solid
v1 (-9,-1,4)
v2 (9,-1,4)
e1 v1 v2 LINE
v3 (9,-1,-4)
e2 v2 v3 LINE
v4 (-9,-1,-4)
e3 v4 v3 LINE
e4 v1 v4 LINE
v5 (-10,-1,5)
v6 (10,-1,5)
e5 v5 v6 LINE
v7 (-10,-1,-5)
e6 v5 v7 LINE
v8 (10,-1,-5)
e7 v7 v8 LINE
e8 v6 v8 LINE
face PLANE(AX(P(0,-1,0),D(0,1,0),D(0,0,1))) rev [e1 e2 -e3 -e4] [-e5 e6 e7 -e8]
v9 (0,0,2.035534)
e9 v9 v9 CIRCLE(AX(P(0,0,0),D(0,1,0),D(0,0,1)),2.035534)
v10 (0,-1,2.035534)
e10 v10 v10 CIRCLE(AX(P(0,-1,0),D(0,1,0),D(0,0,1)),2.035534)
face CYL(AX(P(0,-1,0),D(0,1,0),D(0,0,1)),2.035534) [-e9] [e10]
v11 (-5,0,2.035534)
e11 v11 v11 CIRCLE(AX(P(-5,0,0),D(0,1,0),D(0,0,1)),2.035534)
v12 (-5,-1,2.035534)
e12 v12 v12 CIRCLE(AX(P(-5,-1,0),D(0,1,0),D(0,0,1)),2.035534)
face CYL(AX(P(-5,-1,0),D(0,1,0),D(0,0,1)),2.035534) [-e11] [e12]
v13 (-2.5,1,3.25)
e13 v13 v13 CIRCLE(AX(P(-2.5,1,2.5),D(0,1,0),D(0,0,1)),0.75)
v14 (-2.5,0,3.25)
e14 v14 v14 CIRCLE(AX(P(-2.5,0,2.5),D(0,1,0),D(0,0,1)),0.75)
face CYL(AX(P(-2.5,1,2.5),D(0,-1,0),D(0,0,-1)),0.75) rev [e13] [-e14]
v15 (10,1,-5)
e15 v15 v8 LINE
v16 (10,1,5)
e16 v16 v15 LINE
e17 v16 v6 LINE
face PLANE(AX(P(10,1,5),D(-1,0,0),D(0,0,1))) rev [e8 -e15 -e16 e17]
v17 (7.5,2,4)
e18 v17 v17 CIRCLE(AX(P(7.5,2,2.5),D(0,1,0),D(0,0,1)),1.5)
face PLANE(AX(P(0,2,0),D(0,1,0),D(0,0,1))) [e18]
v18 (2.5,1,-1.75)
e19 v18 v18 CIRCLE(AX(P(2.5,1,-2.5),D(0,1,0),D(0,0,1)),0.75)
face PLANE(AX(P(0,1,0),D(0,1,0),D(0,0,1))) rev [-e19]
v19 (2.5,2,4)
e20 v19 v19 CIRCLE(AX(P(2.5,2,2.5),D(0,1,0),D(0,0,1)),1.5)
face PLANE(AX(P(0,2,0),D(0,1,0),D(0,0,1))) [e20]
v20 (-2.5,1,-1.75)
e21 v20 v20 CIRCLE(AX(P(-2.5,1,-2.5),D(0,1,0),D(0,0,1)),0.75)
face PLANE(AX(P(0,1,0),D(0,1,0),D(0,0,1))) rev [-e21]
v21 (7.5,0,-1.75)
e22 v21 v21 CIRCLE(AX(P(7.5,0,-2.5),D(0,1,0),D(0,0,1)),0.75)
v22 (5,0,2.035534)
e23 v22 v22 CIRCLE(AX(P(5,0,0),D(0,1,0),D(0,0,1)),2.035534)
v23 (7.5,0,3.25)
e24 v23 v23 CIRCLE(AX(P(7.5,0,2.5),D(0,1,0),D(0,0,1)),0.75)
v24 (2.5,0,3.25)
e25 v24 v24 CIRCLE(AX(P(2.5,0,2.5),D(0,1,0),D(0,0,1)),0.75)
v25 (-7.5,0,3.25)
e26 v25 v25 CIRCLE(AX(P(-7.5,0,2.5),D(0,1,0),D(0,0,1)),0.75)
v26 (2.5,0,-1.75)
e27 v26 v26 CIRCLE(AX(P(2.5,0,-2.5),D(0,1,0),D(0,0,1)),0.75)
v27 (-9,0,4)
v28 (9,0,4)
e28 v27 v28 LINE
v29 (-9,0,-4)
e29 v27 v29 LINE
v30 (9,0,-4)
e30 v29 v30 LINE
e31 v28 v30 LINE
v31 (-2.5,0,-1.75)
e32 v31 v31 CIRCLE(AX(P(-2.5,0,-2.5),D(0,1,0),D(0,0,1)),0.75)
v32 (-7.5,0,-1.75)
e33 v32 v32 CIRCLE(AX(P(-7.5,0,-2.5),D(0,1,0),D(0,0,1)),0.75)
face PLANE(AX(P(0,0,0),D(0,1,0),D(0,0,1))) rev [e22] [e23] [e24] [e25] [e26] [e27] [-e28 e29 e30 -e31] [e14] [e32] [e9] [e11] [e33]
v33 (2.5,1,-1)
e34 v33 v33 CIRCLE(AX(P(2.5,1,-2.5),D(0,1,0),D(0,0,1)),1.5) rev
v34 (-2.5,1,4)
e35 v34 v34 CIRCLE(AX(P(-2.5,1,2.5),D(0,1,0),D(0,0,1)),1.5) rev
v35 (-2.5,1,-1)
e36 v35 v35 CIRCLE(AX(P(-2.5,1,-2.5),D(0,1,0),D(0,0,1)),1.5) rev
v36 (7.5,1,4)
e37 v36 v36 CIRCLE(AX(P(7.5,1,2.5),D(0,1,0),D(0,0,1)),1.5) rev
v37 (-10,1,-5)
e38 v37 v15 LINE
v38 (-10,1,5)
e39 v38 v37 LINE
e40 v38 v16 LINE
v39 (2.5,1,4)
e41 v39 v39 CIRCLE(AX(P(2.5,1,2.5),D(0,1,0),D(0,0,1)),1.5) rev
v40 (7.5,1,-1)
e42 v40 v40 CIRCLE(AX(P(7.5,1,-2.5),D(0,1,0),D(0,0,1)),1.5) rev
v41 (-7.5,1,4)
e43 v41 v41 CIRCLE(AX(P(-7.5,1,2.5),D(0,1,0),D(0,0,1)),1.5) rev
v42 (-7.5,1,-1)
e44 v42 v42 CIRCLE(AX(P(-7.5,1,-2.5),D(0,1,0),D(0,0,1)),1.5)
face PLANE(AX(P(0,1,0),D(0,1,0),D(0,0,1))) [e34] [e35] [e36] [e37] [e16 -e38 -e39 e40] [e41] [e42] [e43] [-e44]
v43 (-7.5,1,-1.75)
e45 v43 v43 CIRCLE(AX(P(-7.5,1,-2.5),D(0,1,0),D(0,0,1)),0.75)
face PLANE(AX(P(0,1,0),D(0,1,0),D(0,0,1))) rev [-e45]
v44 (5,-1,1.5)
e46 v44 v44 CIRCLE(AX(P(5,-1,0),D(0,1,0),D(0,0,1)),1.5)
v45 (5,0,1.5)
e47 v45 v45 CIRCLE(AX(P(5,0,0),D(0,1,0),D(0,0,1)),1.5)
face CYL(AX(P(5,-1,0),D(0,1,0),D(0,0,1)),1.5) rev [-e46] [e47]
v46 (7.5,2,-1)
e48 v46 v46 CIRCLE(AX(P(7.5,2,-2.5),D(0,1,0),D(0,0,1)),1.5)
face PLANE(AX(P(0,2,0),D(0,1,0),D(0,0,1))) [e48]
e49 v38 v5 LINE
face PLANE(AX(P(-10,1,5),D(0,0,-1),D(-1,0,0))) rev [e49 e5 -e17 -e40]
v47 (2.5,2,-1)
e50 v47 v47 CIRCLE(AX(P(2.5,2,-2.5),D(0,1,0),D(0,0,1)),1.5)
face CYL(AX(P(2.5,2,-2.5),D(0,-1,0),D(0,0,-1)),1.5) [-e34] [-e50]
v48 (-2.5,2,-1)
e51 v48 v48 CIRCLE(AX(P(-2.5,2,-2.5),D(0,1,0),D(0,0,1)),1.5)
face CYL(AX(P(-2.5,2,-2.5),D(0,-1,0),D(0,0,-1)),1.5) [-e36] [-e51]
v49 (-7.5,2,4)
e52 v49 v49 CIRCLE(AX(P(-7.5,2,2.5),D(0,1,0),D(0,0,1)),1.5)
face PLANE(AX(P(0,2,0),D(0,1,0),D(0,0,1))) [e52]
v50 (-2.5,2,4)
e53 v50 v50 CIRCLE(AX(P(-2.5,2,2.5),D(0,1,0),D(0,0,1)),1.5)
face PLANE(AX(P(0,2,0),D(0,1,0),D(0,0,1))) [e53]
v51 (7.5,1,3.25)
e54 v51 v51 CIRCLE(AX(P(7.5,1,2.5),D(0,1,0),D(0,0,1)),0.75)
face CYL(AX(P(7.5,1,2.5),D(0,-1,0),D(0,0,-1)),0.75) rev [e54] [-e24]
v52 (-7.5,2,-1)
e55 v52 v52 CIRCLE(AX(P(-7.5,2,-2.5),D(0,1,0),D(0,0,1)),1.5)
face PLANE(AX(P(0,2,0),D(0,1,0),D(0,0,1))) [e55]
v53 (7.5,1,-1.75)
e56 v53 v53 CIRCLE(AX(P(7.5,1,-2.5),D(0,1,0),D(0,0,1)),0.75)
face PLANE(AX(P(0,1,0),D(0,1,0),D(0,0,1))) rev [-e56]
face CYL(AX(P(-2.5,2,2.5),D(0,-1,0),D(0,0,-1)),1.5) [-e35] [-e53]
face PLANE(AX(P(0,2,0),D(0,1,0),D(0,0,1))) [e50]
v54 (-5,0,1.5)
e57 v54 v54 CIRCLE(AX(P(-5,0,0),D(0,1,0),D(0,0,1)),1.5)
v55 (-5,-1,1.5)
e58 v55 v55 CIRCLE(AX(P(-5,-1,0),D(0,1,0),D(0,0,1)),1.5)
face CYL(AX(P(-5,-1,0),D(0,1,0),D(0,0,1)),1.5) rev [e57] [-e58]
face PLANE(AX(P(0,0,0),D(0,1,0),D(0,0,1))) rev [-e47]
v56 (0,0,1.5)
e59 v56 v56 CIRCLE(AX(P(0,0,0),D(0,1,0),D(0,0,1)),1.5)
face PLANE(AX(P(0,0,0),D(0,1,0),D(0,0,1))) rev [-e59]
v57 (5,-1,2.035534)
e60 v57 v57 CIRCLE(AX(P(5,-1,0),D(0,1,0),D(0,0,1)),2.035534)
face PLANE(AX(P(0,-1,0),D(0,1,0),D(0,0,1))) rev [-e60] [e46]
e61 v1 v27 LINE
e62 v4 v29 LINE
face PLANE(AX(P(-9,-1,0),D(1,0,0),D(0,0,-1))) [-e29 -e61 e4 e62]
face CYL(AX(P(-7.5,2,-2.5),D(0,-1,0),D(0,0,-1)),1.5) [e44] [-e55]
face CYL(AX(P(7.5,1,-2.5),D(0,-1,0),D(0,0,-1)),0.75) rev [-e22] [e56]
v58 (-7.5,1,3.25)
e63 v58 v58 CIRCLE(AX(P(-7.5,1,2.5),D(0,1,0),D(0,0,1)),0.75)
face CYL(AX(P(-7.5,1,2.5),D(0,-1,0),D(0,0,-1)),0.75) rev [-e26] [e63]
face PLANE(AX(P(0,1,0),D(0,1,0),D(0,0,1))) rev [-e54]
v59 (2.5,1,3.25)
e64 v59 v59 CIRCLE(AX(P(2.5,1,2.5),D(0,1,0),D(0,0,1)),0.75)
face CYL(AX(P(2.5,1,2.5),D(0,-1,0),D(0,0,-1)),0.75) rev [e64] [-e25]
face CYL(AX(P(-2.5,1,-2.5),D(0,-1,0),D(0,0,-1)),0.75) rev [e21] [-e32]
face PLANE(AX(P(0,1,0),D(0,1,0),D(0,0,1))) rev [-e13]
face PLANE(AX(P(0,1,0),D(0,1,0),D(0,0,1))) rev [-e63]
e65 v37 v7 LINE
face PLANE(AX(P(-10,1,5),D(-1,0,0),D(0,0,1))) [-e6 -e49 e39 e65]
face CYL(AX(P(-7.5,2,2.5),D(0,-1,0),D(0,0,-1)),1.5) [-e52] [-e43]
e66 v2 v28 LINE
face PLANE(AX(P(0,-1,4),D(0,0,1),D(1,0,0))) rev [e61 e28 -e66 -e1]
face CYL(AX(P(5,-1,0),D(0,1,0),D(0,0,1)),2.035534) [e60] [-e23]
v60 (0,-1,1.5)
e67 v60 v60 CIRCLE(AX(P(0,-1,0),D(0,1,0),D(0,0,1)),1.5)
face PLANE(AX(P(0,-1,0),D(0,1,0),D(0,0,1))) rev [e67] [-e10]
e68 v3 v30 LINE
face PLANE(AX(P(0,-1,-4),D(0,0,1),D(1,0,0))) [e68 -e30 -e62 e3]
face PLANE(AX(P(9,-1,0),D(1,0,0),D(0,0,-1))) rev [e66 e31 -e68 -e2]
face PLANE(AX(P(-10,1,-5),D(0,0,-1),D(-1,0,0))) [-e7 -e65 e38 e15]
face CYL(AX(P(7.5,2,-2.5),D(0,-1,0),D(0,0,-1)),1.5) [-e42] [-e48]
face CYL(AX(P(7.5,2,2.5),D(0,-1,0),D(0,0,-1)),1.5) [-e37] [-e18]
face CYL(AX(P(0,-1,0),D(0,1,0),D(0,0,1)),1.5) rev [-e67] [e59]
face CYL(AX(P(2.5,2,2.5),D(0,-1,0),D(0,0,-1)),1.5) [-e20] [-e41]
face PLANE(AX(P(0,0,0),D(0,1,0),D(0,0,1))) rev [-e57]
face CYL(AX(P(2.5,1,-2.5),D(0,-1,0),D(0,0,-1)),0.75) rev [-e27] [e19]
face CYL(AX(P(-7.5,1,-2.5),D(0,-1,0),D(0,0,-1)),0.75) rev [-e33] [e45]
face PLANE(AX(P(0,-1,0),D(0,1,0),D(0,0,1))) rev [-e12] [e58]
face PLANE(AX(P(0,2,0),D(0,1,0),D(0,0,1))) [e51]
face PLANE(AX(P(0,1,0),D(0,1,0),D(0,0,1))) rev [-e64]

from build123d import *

# Parameters (mm, degrees)
SKETCH1_R             = 1.5
BOSS_EXTRUDE1_DEPTH   = 2
BOSS_EXTRUDE1_2_DEPTH = 2
BOSS_EXTRUDE1_3_DEPTH = 2
BOSS_EXTRUDE1_4_DEPTH = 2
BOSS_EXTRUDE1_5_DEPTH = 2
BOSS_EXTRUDE1_6_DEPTH = 2
BOSS_EXTRUDE1_7_DEPTH = 2
BOSS_EXTRUDE1_8_DEPTH = 2
SKETCH1_3_W           = 20
SKETCH1_3_H           = 10
BOSS_EXTRUDE2_DEPTH   = 1
SKETCH1_4_R           = 0.75
CUT_EXTRUDE1_DEPTH    = 1
SKETCH1_5_W           = 20
SKETCH1_5_H           = 10
SKETCH1_5_W_2         = 18
SKETCH1_5_H_2         = 8
SKETCH1_5_R           = 2.035533906
SKETCH1_5_R_2         = 1.5
BOSS_EXTRUDE3_DEPTH   = 1


with BuildPart() as part:
    # Sketch1 → Boss-Extrude1 (new body)
    with BuildSketch(Plane(origin=(0, 0, 0), x_dir=(1, 0, 0), z_dir=(0, 1, 0))):
        with Locations((-7.5, -2.5)):
            Circle(SKETCH1_R)
    extrude(amount=BOSS_EXTRUDE1_DEPTH)



with BuildPart() as body_2:
    # Sketch1 → Boss-Extrude1 2 (new body)
    with BuildSketch(Plane(origin=(0, 0, 0), x_dir=(1, 0, 0), z_dir=(0, 1, 0))):
        with Locations((-2.5, -2.5)):
            Circle(SKETCH1_R)
    extrude(amount=BOSS_EXTRUDE1_2_DEPTH)


with BuildPart() as body_3:
    # Sketch1 → Boss-Extrude1 3 (new body)
    with BuildSketch(Plane(origin=(0, 0, 0), x_dir=(1, 0, 0), z_dir=(0, 1, 0))):
        with Locations((-7.5, 2.5)):
            Circle(SKETCH1_R)
    extrude(amount=BOSS_EXTRUDE1_3_DEPTH)


with BuildPart() as body_4:
    # Sketch1 → Boss-Extrude1 4 (new body)
    with BuildSketch(Plane(origin=(0, 0, 0), x_dir=(1, 0, 0), z_dir=(0, 1, 0))):
        with Locations((2.5, -2.5)):
            Circle(SKETCH1_R)
    extrude(amount=BOSS_EXTRUDE1_4_DEPTH)


with BuildPart() as body_5:
    # Sketch1 → Boss-Extrude1 5 (new body)
    with BuildSketch(Plane(origin=(0, 0, 0), x_dir=(1, 0, 0), z_dir=(0, 1, 0))):
        with Locations((7.5, -2.5)):
            Circle(SKETCH1_R)
    extrude(amount=BOSS_EXTRUDE1_5_DEPTH)


with BuildPart() as body_6:
    # Sketch1 → Boss-Extrude1 6 (new body)
    with BuildSketch(Plane(origin=(0, 0, 0), x_dir=(1, 0, 0), z_dir=(0, 1, 0))):
        with Locations((-2.5, 2.5)):
            Circle(SKETCH1_R)
    extrude(amount=BOSS_EXTRUDE1_6_DEPTH)


with BuildPart() as body_7:
    # Sketch1 → Boss-Extrude1 7 (new body)
    with BuildSketch(Plane(origin=(0, 0, 0), x_dir=(1, 0, 0), z_dir=(0, 1, 0))):
        with Locations((2.5, 2.5)):
            Circle(SKETCH1_R)
    extrude(amount=BOSS_EXTRUDE1_7_DEPTH)


with BuildPart() as body_8:
    # Sketch1 → Boss-Extrude1 8 (new body)
    with BuildSketch(Plane(origin=(0, 0, 0), x_dir=(1, 0, 0), z_dir=(0, 1, 0))):
        with Locations((7.5, 2.5)):
            Circle(SKETCH1_R)
    extrude(amount=BOSS_EXTRUDE1_8_DEPTH)


with BuildPart() as part_1:
    add(part.part)

    add(body_2.part)  # Boss-Extrude2 merges body 2

    add(body_3.part)  # Boss-Extrude2 merges body 3

    add(body_4.part)  # Boss-Extrude2 merges body 4

    add(body_5.part)  # Boss-Extrude2 merges body 5

    add(body_6.part)  # Boss-Extrude2 merges body 6

    add(body_7.part)  # Boss-Extrude2 merges body 7

    add(body_8.part)  # Boss-Extrude2 merges body 8
    # Sketch1<3> → Boss-Extrude2 (add)
    with BuildSketch(Plane(origin=(0, 0, 0), x_dir=(1, 0, 0), z_dir=(0, 1, 0))):
        Rectangle(SKETCH1_3_W, SKETCH1_3_H)
    extrude(amount=BOSS_EXTRUDE2_DEPTH)

    # Sketch1<4> → Cut-Extrude1 (cut)
    with BuildSketch(Plane(origin=(0, 0, 0), x_dir=(1, 0, 0), z_dir=(0, 1, 0))):
        with Locations((-7.5, 2.5)):
            Circle(SKETCH1_4_R)
        with Locations((-2.5, 2.5)):
            Circle(SKETCH1_4_R)
        with Locations((2.5, 2.5)):
            Circle(SKETCH1_4_R)
        with Locations((7.5, 2.5)):
            Circle(SKETCH1_4_R)
        with Locations((-2.5, -2.5)):
            Circle(SKETCH1_4_R)
        with Locations((2.5, -2.5)):
            Circle(SKETCH1_4_R)
        with Locations((7.5, -2.5)):
            Circle(SKETCH1_4_R)
        with Locations((-7.5, -2.5)):
            Circle(SKETCH1_4_R)
    extrude(amount=CUT_EXTRUDE1_DEPTH, mode=Mode.SUBTRACT)

    # Sketch1<5> → Boss-Extrude3 (add)
    # profile 1 of 4: a face of its own
    with BuildSketch(Plane(origin=(0, 0, 0), x_dir=(1, 0, 0), z_dir=(0, 1, 0))):
        Rectangle(SKETCH1_5_W, SKETCH1_5_H)
        Rectangle(SKETCH1_5_W_2, SKETCH1_5_H_2, mode=Mode.SUBTRACT)
    # profile 2 of 4: a face of its own
    with BuildSketch(Plane(origin=(0, 0, 0), x_dir=(1, 0, 0), z_dir=(0, 1, 0))):
        with Locations((-5, 0)):
            Circle(SKETCH1_5_R)
        with Locations((-5, 0)):
            Circle(SKETCH1_5_R_2, mode=Mode.SUBTRACT)
    # profile 3 of 4: a face of its own
    with BuildSketch(Plane(origin=(0, 0, 0), x_dir=(1, 0, 0), z_dir=(0, 1, 0))):
        Circle(SKETCH1_5_R)
        Circle(SKETCH1_5_R_2, mode=Mode.SUBTRACT)
    # profile 4 of 4: a face of its own
    with BuildSketch(Plane(origin=(0, 0, 0), x_dir=(1, 0, 0), z_dir=(0, 1, 0))):
        with Locations((5, 0)):
            Circle(SKETCH1_5_R)
        with Locations((5, 0)):
            Circle(SKETCH1_5_R_2, mode=Mode.SUBTRACT)
    extrude(amount=-BOSS_EXTRUDE3_DEPTH)


solid = part_1.part
